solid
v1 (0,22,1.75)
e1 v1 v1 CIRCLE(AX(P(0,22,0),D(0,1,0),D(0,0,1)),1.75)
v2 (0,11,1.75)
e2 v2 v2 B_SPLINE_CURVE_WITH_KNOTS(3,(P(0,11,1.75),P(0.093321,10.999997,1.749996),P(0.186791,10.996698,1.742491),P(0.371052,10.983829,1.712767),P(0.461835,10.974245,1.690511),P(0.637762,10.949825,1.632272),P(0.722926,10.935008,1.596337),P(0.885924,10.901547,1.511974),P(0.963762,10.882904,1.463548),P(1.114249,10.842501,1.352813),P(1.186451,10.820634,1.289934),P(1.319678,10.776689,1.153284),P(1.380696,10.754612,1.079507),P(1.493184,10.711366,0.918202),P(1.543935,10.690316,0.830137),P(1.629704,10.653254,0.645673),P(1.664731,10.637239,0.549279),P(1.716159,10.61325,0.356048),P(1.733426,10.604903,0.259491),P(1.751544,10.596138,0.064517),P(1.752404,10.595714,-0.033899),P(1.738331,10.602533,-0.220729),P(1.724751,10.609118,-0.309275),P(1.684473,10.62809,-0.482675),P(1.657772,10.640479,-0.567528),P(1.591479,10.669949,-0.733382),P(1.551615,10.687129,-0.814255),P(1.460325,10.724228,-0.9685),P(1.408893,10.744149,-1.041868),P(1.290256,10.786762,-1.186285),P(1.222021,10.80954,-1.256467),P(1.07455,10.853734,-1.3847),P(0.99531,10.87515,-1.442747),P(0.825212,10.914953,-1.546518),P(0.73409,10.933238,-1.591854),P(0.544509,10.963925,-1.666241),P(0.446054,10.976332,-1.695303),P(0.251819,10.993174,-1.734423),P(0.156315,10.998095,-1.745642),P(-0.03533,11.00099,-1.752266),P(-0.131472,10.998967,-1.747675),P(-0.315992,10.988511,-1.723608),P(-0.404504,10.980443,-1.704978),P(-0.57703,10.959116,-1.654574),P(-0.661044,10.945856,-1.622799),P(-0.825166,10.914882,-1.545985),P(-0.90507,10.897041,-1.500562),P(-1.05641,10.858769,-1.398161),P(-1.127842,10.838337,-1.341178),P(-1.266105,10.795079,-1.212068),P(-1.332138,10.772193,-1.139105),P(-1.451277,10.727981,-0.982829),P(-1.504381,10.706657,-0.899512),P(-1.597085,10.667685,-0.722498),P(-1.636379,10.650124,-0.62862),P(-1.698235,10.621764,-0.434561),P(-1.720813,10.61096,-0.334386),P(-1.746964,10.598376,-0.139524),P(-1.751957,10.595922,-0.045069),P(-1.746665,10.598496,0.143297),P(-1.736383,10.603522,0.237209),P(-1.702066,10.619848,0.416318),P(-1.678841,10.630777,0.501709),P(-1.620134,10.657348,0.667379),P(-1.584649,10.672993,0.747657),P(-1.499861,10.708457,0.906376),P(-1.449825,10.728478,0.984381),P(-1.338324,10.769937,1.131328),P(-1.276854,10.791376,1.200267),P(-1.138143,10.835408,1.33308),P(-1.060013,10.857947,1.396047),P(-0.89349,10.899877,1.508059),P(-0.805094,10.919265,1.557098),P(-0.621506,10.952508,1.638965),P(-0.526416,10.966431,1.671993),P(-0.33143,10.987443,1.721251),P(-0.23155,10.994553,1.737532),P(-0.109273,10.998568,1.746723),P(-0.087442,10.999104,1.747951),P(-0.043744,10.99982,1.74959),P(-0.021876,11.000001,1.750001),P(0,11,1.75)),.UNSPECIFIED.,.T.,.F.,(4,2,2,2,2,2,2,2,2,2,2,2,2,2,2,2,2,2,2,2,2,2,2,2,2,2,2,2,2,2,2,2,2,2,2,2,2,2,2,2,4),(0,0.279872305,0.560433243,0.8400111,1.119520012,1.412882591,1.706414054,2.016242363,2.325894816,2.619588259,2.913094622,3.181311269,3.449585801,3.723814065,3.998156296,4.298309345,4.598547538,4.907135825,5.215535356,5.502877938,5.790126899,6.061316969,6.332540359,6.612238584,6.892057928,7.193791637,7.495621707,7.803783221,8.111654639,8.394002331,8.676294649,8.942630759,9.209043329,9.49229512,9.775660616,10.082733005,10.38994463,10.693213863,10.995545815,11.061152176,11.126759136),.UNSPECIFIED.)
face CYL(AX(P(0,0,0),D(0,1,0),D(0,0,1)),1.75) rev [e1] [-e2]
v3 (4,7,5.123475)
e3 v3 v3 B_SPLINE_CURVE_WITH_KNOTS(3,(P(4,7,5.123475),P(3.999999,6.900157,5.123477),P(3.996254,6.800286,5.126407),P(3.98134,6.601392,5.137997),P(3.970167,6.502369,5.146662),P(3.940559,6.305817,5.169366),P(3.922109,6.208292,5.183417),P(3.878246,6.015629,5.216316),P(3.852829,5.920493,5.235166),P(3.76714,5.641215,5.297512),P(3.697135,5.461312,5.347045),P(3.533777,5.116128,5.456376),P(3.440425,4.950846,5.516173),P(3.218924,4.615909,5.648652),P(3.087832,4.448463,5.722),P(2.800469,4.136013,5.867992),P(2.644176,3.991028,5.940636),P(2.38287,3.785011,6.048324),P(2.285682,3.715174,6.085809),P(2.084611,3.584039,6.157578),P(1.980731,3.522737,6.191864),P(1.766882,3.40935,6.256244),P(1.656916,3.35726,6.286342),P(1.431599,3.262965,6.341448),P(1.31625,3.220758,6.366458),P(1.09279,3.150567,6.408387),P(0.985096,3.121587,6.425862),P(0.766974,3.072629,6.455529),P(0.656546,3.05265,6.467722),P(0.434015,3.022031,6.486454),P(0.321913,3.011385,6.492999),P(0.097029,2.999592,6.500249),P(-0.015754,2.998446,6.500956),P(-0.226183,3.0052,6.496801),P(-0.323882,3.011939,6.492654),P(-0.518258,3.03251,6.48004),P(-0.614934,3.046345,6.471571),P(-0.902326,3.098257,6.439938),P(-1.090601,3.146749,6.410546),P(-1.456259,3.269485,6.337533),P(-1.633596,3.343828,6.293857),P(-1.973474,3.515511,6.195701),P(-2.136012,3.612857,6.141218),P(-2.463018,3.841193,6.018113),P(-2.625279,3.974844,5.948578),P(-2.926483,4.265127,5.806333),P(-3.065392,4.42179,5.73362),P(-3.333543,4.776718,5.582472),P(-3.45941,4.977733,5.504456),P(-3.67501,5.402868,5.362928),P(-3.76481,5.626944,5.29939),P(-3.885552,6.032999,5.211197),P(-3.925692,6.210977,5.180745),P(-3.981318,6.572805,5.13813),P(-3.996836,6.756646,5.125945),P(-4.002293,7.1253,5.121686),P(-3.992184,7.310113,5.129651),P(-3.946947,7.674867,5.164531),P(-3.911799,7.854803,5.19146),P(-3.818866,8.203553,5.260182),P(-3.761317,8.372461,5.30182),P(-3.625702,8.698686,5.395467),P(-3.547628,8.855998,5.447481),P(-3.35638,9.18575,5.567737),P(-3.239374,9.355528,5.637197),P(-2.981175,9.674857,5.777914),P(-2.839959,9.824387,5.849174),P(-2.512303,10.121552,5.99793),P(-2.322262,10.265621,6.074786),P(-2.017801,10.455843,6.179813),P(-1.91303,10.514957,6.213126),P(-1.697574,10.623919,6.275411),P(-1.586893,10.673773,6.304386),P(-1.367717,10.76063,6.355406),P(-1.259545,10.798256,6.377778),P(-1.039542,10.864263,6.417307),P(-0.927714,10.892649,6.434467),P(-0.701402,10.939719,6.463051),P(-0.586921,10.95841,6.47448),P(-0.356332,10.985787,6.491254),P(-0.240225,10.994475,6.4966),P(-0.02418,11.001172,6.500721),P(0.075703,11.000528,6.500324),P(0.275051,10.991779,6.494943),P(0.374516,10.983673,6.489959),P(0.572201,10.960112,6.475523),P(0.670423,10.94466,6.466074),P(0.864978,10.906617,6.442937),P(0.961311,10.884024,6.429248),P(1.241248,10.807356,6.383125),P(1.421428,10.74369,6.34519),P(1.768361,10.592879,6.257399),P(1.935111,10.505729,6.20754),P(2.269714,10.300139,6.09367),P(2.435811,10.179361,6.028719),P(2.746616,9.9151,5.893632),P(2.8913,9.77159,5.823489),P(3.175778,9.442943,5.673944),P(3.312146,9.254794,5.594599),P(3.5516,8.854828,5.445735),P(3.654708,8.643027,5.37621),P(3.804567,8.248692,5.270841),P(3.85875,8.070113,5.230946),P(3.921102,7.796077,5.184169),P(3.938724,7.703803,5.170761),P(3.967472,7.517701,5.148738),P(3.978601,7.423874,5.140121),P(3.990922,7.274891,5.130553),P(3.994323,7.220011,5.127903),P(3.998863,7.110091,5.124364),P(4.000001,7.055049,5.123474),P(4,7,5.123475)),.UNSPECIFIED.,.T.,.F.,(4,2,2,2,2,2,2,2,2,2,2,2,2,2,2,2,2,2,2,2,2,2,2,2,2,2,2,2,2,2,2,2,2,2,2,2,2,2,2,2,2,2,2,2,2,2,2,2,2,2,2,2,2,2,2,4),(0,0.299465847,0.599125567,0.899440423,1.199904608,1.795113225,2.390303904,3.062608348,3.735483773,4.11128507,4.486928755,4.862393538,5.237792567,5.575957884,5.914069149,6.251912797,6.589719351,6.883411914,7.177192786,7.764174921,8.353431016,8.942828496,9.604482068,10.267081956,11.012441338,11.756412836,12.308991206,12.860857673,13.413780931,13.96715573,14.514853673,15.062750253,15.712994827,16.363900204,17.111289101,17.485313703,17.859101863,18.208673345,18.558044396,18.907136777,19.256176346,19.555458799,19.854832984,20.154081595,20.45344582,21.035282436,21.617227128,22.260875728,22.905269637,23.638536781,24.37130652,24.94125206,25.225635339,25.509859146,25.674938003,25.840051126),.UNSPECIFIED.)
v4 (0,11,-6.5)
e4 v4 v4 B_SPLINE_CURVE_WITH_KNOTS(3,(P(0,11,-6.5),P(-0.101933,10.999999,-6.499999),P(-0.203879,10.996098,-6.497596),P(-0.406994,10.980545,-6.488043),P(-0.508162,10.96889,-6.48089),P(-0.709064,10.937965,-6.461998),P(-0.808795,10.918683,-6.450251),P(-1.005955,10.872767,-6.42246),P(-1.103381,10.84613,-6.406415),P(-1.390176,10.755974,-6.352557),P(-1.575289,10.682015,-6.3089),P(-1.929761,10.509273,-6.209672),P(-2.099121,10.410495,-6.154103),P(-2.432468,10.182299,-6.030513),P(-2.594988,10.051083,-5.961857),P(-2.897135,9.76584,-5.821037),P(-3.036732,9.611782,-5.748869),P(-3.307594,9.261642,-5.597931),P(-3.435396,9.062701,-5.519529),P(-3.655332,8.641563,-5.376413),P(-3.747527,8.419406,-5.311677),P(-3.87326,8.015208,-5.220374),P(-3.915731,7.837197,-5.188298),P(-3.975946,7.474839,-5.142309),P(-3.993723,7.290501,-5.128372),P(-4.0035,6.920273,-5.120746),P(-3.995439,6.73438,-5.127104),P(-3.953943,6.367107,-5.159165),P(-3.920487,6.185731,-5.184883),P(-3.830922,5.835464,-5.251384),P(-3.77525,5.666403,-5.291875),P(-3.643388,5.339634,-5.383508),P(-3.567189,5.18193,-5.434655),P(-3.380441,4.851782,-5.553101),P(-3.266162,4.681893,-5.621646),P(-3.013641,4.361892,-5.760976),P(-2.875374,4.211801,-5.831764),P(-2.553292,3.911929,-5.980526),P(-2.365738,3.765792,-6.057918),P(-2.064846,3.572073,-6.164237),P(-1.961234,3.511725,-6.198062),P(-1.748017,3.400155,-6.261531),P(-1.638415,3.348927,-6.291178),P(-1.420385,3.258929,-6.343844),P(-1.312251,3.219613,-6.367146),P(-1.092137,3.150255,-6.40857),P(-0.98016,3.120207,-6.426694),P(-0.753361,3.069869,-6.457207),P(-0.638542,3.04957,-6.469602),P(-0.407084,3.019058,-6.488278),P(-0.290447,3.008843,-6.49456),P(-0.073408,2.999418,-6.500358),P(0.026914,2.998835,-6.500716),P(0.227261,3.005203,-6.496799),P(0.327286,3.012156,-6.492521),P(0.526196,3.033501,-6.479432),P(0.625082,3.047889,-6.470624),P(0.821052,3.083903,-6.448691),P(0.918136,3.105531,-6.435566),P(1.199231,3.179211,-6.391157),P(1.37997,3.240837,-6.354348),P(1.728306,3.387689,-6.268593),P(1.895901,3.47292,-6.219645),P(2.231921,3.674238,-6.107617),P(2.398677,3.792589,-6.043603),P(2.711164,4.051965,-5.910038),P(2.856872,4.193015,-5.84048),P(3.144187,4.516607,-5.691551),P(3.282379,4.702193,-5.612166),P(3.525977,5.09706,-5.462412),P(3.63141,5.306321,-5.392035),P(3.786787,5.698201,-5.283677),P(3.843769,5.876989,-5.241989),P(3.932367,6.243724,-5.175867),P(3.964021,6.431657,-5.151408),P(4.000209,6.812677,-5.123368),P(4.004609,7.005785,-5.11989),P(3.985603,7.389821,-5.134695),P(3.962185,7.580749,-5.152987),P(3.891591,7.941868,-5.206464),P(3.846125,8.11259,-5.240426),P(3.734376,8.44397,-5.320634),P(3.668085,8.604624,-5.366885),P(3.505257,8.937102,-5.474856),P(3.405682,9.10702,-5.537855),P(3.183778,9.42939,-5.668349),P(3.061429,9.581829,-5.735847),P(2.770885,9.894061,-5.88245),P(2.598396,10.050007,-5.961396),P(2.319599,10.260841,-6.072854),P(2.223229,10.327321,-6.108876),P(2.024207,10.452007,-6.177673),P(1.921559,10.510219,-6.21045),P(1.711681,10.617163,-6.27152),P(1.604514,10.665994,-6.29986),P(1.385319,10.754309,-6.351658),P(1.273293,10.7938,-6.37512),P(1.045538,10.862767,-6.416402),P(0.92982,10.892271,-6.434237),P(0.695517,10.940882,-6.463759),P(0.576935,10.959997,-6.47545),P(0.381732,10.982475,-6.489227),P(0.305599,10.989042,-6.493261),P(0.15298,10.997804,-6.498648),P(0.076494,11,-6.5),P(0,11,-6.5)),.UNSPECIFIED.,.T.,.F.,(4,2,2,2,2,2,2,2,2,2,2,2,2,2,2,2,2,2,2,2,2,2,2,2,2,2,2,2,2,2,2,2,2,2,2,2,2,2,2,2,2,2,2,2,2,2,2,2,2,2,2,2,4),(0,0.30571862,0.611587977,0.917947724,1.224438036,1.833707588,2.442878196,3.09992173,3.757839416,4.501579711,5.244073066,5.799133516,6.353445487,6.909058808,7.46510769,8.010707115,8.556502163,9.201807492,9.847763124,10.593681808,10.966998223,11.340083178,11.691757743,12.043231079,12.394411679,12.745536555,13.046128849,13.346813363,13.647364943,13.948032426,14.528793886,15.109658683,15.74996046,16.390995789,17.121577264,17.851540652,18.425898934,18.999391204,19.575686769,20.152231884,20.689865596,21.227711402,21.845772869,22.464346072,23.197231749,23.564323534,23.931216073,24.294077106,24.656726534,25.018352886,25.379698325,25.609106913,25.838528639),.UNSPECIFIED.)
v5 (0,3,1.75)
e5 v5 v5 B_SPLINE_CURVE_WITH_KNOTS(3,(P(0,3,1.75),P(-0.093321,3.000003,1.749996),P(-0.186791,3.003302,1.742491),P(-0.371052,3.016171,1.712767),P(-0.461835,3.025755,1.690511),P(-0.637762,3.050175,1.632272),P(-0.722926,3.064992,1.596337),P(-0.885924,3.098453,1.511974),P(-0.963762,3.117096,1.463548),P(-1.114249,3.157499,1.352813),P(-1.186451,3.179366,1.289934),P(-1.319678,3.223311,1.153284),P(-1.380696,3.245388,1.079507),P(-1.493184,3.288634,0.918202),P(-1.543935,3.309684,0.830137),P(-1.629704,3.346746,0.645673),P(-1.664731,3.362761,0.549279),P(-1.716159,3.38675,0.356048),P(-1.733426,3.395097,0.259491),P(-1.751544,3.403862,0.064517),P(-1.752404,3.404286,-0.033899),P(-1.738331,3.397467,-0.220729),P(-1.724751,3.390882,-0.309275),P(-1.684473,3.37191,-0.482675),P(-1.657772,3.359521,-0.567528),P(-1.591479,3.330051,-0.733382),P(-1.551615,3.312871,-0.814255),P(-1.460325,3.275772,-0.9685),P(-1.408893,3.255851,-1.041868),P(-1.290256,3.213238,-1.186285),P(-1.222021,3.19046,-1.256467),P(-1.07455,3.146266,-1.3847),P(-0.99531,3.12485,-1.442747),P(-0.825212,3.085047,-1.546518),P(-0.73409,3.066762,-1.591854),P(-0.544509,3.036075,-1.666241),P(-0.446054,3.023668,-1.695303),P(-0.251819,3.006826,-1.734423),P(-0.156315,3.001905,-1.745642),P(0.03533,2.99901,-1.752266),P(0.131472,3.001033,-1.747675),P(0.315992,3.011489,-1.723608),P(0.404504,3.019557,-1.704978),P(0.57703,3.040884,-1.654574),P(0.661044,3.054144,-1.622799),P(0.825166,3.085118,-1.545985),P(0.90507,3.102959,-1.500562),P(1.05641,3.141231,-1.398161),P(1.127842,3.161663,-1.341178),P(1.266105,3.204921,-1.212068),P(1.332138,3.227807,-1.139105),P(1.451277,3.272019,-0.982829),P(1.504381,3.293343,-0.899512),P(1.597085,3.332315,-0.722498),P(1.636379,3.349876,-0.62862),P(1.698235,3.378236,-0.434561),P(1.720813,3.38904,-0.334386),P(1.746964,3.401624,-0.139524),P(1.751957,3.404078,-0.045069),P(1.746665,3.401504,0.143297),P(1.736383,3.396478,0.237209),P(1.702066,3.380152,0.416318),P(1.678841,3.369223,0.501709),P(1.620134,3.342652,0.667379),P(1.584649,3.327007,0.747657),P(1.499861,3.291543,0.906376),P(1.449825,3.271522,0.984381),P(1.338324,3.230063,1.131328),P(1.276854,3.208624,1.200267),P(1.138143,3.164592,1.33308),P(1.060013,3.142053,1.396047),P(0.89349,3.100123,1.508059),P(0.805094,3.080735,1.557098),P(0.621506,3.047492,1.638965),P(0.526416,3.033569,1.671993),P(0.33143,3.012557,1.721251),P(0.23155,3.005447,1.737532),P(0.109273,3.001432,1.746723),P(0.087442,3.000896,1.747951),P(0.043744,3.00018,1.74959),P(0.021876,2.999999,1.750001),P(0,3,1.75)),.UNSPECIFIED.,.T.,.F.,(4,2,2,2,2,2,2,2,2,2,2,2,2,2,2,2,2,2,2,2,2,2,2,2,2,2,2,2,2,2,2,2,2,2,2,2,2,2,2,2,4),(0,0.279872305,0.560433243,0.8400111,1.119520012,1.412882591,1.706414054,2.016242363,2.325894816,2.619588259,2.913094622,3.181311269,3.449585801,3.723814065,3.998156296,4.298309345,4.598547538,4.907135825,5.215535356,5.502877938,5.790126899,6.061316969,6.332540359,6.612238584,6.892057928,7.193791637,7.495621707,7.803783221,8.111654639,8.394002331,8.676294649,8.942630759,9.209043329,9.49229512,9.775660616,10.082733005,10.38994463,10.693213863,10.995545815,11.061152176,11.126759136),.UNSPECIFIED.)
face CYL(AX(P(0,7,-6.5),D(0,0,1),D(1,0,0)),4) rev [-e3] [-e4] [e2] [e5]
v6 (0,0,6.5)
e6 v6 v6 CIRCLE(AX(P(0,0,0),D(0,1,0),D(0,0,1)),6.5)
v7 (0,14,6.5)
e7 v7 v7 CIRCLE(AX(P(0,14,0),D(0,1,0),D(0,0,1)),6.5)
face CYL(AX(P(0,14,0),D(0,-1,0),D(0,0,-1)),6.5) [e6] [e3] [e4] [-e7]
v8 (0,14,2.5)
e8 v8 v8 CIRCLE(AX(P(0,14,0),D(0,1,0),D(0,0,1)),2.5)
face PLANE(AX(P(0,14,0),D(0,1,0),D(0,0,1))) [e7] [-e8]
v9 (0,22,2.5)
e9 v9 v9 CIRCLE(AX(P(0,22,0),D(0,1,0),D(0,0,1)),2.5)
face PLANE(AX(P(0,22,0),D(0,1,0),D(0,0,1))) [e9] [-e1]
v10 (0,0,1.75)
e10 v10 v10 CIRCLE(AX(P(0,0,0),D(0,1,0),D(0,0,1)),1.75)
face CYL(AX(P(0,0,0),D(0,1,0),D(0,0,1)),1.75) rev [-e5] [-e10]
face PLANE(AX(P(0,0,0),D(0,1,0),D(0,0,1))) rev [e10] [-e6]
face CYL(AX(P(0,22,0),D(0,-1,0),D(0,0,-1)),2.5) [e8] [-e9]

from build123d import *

# Parameters (mm, degrees)
SKETCH1_R               = 6.5
BOSS_EXTRUDE1_DEPTH     = 14
SKETCH2_R               = 2.5
BOSS_EXTRUDE2_DEPTH     = 8
CUT_EXTRUDE1_DEPTH      = 24.843238035
CUT_EXTRUDE1_DEPTH_BACK = 24.843238035
SKETCH3_R               = 4
SKETCH4_R               = 1.75
CUT_EXTRUDE2_DEPTH      = 24.843238184


with BuildPart() as part:
    # Sketch1 → Boss-Extrude1 (new body)
    with BuildSketch(Plane(origin=(0, 0, 0), x_dir=(1, 0, 0), z_dir=(0, 1, 0))):
        with Locations(Location((0, 0, 0), (0, 0, 270))):
            Circle(SKETCH1_R)
    extrude(amount=BOSS_EXTRUDE1_DEPTH)

    # Sketch2 → Boss-Extrude2 (add)
    with BuildSketch(Plane(origin=(0, 14, 0), x_dir=(1, 0, 0), z_dir=(0, 1, 0))):
        with Locations(Location((0, 0, 0), (0, 0, 270))):
            Circle(SKETCH2_R)
    extrude(amount=BOSS_EXTRUDE2_DEPTH)

    # Sketch3 → Cut-Extrude1 (cut, two sides: drawn at the far end of the back side and taken through both)
    with BuildSketch(Plane.XY.offset(-CUT_EXTRUDE1_DEPTH_BACK)):
        with Locations(Location((0, 7, 0), (0, 0, 90))):
            Circle(SKETCH3_R)
    extrude(amount=CUT_EXTRUDE1_DEPTH + CUT_EXTRUDE1_DEPTH_BACK, mode=Mode.SUBTRACT)

    # Sketch4 → Cut-Extrude2 (cut, through all)
    with BuildSketch(Plane(origin=(0, 22, 0), x_dir=(1, 0, 0), z_dir=(0, 1, 0))):
        with Locations(Location((0, 0, 0), (0, 0, 270))):
            Circle(SKETCH4_R)
    extrude(amount=-CUT_EXTRUDE2_DEPTH, mode=Mode.SUBTRACT)


solid = part.part
